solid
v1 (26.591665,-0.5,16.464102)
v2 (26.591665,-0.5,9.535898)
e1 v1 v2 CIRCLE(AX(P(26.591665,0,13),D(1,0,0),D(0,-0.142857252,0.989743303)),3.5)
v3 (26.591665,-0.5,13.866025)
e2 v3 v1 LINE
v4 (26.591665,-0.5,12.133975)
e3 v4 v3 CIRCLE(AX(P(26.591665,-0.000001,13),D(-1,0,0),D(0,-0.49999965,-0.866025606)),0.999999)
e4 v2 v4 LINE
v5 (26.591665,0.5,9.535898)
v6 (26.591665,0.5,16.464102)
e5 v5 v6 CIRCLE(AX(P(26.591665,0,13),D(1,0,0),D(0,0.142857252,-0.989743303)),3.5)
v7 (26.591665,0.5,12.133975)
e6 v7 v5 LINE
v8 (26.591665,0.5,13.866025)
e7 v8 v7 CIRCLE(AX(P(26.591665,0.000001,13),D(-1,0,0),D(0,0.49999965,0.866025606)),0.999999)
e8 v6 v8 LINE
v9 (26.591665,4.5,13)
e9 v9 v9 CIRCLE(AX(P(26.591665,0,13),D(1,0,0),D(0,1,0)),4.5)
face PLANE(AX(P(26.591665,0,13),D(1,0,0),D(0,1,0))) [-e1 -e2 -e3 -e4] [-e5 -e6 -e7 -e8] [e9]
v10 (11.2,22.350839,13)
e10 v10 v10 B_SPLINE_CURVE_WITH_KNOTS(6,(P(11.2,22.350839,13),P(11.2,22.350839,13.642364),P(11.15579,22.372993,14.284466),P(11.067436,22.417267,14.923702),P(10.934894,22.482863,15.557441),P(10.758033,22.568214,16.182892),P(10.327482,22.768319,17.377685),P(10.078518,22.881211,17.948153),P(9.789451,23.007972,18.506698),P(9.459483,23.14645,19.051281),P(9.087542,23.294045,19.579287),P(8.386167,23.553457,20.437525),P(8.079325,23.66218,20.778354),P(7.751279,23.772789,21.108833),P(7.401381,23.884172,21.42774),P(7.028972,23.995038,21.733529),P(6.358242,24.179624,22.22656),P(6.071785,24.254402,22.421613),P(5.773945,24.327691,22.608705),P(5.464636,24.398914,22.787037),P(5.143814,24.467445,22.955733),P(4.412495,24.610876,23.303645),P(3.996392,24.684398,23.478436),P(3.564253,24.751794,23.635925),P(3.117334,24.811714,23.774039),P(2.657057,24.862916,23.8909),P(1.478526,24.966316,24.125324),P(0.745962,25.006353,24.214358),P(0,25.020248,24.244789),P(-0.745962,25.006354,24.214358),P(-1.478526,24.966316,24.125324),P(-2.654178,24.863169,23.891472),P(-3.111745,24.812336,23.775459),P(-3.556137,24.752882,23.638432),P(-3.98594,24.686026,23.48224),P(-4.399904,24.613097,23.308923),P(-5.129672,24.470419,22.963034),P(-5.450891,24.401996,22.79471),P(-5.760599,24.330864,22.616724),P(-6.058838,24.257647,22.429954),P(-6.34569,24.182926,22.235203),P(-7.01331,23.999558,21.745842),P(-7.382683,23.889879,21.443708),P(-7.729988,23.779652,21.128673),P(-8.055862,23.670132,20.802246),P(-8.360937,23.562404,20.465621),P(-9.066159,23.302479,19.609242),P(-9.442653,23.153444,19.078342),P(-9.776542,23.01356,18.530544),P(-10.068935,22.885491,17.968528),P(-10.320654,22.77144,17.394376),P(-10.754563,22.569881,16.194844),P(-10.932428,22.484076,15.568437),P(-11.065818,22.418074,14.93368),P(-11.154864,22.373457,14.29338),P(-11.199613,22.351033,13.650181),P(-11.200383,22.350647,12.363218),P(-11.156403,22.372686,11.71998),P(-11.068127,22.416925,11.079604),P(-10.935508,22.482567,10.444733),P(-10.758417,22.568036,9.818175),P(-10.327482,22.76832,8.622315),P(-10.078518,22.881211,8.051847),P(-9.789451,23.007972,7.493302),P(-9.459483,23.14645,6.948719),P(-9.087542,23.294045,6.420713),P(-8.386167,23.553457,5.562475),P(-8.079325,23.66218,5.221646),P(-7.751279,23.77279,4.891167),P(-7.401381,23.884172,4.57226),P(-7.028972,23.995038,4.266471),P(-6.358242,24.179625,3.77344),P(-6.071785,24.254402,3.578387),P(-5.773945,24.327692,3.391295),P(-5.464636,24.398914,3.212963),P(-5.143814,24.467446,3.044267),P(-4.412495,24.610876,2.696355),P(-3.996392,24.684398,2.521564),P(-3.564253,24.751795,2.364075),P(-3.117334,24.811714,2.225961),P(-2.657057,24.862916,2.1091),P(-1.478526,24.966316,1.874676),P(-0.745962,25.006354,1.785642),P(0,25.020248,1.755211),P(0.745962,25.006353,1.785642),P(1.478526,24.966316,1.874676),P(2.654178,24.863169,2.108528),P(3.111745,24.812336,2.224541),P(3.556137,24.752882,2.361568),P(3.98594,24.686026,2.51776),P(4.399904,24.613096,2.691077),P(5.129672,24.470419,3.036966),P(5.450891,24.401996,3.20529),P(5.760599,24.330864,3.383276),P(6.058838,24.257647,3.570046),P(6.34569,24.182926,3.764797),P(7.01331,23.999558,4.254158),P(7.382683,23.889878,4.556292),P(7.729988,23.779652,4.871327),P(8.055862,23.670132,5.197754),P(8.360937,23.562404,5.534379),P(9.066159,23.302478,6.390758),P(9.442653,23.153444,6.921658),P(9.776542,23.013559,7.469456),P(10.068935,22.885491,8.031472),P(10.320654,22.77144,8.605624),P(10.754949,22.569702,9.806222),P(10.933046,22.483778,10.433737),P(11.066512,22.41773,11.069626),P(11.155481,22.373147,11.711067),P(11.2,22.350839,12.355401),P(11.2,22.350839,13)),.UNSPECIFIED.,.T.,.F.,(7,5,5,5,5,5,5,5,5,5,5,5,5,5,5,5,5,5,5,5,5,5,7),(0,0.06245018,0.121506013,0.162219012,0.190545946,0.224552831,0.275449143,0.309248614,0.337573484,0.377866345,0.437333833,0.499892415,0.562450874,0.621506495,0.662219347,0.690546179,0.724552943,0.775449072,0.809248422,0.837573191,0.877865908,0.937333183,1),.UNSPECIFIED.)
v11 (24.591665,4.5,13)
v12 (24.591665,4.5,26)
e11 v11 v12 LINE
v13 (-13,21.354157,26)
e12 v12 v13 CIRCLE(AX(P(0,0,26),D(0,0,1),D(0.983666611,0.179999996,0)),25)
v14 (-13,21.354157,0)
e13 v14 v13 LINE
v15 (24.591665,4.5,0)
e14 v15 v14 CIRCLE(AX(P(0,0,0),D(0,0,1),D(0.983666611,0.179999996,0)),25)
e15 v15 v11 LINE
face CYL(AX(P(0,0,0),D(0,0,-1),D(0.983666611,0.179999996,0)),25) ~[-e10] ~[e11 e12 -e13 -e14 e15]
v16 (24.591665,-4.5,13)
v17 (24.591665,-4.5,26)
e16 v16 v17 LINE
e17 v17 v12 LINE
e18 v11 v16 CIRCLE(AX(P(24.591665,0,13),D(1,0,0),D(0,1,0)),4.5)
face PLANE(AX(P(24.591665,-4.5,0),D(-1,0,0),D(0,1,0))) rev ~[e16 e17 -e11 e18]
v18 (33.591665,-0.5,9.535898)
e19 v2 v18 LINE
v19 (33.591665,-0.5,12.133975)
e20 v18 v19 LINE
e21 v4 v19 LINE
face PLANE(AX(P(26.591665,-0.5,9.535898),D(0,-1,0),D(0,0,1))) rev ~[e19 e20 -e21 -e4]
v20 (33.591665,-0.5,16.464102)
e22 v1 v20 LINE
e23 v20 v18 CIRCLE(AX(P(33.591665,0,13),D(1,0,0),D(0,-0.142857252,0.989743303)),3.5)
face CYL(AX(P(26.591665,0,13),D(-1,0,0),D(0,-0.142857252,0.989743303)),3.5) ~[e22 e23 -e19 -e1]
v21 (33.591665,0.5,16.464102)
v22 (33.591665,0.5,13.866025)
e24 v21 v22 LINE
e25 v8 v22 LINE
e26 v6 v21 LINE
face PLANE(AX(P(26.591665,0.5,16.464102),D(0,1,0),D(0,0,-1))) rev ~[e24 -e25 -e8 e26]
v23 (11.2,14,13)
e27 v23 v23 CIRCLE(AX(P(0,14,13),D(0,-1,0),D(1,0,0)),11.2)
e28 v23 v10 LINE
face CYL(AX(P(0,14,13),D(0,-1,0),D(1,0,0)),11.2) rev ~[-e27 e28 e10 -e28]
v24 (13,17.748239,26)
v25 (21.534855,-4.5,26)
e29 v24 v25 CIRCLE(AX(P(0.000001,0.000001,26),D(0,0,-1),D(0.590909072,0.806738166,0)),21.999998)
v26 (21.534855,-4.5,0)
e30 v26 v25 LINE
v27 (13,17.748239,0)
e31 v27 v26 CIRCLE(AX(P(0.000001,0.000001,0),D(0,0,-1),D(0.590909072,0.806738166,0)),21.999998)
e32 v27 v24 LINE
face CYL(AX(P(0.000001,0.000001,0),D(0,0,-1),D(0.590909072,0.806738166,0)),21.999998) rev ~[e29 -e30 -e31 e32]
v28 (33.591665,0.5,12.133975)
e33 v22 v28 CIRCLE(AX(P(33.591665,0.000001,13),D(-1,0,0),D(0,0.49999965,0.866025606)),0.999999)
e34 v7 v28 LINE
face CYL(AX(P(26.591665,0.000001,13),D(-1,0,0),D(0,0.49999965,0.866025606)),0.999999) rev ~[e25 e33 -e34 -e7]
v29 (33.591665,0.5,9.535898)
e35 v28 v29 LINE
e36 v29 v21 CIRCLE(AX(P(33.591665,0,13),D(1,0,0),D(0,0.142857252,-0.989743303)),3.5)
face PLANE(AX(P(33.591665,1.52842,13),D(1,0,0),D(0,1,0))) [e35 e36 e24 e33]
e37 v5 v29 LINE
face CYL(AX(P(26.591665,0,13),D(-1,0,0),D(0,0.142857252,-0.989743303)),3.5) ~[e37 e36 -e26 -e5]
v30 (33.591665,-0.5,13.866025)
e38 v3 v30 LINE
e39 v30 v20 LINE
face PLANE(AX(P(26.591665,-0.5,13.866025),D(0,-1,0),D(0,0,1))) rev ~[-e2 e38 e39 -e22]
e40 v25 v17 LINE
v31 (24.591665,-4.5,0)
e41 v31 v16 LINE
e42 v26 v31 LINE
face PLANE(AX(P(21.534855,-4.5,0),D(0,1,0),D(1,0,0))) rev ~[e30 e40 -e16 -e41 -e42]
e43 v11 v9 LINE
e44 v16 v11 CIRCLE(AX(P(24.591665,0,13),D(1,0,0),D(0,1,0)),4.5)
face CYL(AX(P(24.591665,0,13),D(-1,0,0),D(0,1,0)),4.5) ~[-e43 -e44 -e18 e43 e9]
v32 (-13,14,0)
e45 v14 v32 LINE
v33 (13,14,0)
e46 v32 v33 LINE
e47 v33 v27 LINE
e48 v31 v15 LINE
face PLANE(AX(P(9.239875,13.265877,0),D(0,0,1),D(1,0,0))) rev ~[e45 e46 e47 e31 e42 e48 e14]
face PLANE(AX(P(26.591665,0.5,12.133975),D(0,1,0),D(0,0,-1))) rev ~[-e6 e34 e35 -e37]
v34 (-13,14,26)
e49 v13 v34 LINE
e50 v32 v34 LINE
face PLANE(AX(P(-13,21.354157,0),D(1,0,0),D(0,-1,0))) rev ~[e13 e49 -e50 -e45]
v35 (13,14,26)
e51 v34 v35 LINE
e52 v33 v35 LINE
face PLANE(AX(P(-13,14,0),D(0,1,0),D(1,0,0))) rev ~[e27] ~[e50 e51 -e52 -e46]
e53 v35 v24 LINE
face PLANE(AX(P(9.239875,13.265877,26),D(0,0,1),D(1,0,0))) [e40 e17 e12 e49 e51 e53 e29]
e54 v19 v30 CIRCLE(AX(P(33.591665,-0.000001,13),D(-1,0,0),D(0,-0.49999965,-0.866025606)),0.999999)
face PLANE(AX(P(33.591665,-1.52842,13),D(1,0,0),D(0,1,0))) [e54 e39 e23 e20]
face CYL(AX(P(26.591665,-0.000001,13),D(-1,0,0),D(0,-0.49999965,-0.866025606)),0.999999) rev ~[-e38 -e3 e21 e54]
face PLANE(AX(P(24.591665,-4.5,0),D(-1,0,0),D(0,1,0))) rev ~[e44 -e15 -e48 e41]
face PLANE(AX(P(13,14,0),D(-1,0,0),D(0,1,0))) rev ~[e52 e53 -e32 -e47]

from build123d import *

# Parameters (mm, degrees)
F1_DEPTH = 26
F2_R     = 11.2
F3_DEPTH = 25
F5_DEPTH = 2
F7_DEPTH = 7


with BuildPart() as f1:
    # F0 (on Top) → F1 (new body)
    with BuildSketch(Plane.XY):
        with BuildLine():
            ThreePointArc((13, 17.748239), (20.54045, 7.879715), (21.534855, -4.5))
            Line((21.534855, -4.5), (24.591665, -4.5))
            Line((24.591665, -4.5), (24.591665, 4.5))
            ThreePointArc((24.591665, 4.5), (10.227772, 22.812117), (-13, 21.354157))
            Line((-13, 21.354157), (-13, 14))
            Line((-13, 14), (13, 14))
            Line((13, 14), (13, 17.748239))
        make_face()
    extrude(amount=F1_DEPTH)

    # F2 (on face) → F3 (cut)
    with BuildSketch(Plane.XZ.offset(-14)):
        with Locations((0, 13)):
            Circle(F2_R)
    extrude(amount=-F3_DEPTH, mode=Mode.SUBTRACT)

    # F4 (on face) → F5 (join)
    with BuildSketch(Plane.YZ.offset(24.591665)):
        with BuildLine():
            ThreePointArc((-4.5, 13), (0, 8.5), (4.5, 13))
            ThreePointArc((4.5, 13), (0, 17.5), (-4.5, 13))
        make_face()
    extrude(amount=F5_DEPTH)

    # F6 (on face) → F7 (join)
    with BuildSketch(Plane.YZ.offset(26.591665)):
        with BuildLine():
            ThreePointArc((0.5, 9.535898), (3.5, 13), (0.5, 16.464102))
            Line((0.5, 16.464102), (0.5, 13.866025))
            ThreePointArc((0.5, 13.866025), (1, 13), (0.5, 12.133975))
            Line((0.5, 12.133975), (0.5, 9.535898))
        make_face()
        with BuildLine():
            Line((-0.5, 13.866025), (-0.5, 16.464102))
            ThreePointArc((-0.5, 16.464102), (-3.5, 13), (-0.5, 9.535898))
            Line((-0.5, 9.535898), (-0.5, 12.133975))
            ThreePointArc((-0.5, 12.133975), (-1, 13), (-0.5, 13.866025))
        make_face()
    extrude(amount=F7_DEPTH)


solid = f1.part
